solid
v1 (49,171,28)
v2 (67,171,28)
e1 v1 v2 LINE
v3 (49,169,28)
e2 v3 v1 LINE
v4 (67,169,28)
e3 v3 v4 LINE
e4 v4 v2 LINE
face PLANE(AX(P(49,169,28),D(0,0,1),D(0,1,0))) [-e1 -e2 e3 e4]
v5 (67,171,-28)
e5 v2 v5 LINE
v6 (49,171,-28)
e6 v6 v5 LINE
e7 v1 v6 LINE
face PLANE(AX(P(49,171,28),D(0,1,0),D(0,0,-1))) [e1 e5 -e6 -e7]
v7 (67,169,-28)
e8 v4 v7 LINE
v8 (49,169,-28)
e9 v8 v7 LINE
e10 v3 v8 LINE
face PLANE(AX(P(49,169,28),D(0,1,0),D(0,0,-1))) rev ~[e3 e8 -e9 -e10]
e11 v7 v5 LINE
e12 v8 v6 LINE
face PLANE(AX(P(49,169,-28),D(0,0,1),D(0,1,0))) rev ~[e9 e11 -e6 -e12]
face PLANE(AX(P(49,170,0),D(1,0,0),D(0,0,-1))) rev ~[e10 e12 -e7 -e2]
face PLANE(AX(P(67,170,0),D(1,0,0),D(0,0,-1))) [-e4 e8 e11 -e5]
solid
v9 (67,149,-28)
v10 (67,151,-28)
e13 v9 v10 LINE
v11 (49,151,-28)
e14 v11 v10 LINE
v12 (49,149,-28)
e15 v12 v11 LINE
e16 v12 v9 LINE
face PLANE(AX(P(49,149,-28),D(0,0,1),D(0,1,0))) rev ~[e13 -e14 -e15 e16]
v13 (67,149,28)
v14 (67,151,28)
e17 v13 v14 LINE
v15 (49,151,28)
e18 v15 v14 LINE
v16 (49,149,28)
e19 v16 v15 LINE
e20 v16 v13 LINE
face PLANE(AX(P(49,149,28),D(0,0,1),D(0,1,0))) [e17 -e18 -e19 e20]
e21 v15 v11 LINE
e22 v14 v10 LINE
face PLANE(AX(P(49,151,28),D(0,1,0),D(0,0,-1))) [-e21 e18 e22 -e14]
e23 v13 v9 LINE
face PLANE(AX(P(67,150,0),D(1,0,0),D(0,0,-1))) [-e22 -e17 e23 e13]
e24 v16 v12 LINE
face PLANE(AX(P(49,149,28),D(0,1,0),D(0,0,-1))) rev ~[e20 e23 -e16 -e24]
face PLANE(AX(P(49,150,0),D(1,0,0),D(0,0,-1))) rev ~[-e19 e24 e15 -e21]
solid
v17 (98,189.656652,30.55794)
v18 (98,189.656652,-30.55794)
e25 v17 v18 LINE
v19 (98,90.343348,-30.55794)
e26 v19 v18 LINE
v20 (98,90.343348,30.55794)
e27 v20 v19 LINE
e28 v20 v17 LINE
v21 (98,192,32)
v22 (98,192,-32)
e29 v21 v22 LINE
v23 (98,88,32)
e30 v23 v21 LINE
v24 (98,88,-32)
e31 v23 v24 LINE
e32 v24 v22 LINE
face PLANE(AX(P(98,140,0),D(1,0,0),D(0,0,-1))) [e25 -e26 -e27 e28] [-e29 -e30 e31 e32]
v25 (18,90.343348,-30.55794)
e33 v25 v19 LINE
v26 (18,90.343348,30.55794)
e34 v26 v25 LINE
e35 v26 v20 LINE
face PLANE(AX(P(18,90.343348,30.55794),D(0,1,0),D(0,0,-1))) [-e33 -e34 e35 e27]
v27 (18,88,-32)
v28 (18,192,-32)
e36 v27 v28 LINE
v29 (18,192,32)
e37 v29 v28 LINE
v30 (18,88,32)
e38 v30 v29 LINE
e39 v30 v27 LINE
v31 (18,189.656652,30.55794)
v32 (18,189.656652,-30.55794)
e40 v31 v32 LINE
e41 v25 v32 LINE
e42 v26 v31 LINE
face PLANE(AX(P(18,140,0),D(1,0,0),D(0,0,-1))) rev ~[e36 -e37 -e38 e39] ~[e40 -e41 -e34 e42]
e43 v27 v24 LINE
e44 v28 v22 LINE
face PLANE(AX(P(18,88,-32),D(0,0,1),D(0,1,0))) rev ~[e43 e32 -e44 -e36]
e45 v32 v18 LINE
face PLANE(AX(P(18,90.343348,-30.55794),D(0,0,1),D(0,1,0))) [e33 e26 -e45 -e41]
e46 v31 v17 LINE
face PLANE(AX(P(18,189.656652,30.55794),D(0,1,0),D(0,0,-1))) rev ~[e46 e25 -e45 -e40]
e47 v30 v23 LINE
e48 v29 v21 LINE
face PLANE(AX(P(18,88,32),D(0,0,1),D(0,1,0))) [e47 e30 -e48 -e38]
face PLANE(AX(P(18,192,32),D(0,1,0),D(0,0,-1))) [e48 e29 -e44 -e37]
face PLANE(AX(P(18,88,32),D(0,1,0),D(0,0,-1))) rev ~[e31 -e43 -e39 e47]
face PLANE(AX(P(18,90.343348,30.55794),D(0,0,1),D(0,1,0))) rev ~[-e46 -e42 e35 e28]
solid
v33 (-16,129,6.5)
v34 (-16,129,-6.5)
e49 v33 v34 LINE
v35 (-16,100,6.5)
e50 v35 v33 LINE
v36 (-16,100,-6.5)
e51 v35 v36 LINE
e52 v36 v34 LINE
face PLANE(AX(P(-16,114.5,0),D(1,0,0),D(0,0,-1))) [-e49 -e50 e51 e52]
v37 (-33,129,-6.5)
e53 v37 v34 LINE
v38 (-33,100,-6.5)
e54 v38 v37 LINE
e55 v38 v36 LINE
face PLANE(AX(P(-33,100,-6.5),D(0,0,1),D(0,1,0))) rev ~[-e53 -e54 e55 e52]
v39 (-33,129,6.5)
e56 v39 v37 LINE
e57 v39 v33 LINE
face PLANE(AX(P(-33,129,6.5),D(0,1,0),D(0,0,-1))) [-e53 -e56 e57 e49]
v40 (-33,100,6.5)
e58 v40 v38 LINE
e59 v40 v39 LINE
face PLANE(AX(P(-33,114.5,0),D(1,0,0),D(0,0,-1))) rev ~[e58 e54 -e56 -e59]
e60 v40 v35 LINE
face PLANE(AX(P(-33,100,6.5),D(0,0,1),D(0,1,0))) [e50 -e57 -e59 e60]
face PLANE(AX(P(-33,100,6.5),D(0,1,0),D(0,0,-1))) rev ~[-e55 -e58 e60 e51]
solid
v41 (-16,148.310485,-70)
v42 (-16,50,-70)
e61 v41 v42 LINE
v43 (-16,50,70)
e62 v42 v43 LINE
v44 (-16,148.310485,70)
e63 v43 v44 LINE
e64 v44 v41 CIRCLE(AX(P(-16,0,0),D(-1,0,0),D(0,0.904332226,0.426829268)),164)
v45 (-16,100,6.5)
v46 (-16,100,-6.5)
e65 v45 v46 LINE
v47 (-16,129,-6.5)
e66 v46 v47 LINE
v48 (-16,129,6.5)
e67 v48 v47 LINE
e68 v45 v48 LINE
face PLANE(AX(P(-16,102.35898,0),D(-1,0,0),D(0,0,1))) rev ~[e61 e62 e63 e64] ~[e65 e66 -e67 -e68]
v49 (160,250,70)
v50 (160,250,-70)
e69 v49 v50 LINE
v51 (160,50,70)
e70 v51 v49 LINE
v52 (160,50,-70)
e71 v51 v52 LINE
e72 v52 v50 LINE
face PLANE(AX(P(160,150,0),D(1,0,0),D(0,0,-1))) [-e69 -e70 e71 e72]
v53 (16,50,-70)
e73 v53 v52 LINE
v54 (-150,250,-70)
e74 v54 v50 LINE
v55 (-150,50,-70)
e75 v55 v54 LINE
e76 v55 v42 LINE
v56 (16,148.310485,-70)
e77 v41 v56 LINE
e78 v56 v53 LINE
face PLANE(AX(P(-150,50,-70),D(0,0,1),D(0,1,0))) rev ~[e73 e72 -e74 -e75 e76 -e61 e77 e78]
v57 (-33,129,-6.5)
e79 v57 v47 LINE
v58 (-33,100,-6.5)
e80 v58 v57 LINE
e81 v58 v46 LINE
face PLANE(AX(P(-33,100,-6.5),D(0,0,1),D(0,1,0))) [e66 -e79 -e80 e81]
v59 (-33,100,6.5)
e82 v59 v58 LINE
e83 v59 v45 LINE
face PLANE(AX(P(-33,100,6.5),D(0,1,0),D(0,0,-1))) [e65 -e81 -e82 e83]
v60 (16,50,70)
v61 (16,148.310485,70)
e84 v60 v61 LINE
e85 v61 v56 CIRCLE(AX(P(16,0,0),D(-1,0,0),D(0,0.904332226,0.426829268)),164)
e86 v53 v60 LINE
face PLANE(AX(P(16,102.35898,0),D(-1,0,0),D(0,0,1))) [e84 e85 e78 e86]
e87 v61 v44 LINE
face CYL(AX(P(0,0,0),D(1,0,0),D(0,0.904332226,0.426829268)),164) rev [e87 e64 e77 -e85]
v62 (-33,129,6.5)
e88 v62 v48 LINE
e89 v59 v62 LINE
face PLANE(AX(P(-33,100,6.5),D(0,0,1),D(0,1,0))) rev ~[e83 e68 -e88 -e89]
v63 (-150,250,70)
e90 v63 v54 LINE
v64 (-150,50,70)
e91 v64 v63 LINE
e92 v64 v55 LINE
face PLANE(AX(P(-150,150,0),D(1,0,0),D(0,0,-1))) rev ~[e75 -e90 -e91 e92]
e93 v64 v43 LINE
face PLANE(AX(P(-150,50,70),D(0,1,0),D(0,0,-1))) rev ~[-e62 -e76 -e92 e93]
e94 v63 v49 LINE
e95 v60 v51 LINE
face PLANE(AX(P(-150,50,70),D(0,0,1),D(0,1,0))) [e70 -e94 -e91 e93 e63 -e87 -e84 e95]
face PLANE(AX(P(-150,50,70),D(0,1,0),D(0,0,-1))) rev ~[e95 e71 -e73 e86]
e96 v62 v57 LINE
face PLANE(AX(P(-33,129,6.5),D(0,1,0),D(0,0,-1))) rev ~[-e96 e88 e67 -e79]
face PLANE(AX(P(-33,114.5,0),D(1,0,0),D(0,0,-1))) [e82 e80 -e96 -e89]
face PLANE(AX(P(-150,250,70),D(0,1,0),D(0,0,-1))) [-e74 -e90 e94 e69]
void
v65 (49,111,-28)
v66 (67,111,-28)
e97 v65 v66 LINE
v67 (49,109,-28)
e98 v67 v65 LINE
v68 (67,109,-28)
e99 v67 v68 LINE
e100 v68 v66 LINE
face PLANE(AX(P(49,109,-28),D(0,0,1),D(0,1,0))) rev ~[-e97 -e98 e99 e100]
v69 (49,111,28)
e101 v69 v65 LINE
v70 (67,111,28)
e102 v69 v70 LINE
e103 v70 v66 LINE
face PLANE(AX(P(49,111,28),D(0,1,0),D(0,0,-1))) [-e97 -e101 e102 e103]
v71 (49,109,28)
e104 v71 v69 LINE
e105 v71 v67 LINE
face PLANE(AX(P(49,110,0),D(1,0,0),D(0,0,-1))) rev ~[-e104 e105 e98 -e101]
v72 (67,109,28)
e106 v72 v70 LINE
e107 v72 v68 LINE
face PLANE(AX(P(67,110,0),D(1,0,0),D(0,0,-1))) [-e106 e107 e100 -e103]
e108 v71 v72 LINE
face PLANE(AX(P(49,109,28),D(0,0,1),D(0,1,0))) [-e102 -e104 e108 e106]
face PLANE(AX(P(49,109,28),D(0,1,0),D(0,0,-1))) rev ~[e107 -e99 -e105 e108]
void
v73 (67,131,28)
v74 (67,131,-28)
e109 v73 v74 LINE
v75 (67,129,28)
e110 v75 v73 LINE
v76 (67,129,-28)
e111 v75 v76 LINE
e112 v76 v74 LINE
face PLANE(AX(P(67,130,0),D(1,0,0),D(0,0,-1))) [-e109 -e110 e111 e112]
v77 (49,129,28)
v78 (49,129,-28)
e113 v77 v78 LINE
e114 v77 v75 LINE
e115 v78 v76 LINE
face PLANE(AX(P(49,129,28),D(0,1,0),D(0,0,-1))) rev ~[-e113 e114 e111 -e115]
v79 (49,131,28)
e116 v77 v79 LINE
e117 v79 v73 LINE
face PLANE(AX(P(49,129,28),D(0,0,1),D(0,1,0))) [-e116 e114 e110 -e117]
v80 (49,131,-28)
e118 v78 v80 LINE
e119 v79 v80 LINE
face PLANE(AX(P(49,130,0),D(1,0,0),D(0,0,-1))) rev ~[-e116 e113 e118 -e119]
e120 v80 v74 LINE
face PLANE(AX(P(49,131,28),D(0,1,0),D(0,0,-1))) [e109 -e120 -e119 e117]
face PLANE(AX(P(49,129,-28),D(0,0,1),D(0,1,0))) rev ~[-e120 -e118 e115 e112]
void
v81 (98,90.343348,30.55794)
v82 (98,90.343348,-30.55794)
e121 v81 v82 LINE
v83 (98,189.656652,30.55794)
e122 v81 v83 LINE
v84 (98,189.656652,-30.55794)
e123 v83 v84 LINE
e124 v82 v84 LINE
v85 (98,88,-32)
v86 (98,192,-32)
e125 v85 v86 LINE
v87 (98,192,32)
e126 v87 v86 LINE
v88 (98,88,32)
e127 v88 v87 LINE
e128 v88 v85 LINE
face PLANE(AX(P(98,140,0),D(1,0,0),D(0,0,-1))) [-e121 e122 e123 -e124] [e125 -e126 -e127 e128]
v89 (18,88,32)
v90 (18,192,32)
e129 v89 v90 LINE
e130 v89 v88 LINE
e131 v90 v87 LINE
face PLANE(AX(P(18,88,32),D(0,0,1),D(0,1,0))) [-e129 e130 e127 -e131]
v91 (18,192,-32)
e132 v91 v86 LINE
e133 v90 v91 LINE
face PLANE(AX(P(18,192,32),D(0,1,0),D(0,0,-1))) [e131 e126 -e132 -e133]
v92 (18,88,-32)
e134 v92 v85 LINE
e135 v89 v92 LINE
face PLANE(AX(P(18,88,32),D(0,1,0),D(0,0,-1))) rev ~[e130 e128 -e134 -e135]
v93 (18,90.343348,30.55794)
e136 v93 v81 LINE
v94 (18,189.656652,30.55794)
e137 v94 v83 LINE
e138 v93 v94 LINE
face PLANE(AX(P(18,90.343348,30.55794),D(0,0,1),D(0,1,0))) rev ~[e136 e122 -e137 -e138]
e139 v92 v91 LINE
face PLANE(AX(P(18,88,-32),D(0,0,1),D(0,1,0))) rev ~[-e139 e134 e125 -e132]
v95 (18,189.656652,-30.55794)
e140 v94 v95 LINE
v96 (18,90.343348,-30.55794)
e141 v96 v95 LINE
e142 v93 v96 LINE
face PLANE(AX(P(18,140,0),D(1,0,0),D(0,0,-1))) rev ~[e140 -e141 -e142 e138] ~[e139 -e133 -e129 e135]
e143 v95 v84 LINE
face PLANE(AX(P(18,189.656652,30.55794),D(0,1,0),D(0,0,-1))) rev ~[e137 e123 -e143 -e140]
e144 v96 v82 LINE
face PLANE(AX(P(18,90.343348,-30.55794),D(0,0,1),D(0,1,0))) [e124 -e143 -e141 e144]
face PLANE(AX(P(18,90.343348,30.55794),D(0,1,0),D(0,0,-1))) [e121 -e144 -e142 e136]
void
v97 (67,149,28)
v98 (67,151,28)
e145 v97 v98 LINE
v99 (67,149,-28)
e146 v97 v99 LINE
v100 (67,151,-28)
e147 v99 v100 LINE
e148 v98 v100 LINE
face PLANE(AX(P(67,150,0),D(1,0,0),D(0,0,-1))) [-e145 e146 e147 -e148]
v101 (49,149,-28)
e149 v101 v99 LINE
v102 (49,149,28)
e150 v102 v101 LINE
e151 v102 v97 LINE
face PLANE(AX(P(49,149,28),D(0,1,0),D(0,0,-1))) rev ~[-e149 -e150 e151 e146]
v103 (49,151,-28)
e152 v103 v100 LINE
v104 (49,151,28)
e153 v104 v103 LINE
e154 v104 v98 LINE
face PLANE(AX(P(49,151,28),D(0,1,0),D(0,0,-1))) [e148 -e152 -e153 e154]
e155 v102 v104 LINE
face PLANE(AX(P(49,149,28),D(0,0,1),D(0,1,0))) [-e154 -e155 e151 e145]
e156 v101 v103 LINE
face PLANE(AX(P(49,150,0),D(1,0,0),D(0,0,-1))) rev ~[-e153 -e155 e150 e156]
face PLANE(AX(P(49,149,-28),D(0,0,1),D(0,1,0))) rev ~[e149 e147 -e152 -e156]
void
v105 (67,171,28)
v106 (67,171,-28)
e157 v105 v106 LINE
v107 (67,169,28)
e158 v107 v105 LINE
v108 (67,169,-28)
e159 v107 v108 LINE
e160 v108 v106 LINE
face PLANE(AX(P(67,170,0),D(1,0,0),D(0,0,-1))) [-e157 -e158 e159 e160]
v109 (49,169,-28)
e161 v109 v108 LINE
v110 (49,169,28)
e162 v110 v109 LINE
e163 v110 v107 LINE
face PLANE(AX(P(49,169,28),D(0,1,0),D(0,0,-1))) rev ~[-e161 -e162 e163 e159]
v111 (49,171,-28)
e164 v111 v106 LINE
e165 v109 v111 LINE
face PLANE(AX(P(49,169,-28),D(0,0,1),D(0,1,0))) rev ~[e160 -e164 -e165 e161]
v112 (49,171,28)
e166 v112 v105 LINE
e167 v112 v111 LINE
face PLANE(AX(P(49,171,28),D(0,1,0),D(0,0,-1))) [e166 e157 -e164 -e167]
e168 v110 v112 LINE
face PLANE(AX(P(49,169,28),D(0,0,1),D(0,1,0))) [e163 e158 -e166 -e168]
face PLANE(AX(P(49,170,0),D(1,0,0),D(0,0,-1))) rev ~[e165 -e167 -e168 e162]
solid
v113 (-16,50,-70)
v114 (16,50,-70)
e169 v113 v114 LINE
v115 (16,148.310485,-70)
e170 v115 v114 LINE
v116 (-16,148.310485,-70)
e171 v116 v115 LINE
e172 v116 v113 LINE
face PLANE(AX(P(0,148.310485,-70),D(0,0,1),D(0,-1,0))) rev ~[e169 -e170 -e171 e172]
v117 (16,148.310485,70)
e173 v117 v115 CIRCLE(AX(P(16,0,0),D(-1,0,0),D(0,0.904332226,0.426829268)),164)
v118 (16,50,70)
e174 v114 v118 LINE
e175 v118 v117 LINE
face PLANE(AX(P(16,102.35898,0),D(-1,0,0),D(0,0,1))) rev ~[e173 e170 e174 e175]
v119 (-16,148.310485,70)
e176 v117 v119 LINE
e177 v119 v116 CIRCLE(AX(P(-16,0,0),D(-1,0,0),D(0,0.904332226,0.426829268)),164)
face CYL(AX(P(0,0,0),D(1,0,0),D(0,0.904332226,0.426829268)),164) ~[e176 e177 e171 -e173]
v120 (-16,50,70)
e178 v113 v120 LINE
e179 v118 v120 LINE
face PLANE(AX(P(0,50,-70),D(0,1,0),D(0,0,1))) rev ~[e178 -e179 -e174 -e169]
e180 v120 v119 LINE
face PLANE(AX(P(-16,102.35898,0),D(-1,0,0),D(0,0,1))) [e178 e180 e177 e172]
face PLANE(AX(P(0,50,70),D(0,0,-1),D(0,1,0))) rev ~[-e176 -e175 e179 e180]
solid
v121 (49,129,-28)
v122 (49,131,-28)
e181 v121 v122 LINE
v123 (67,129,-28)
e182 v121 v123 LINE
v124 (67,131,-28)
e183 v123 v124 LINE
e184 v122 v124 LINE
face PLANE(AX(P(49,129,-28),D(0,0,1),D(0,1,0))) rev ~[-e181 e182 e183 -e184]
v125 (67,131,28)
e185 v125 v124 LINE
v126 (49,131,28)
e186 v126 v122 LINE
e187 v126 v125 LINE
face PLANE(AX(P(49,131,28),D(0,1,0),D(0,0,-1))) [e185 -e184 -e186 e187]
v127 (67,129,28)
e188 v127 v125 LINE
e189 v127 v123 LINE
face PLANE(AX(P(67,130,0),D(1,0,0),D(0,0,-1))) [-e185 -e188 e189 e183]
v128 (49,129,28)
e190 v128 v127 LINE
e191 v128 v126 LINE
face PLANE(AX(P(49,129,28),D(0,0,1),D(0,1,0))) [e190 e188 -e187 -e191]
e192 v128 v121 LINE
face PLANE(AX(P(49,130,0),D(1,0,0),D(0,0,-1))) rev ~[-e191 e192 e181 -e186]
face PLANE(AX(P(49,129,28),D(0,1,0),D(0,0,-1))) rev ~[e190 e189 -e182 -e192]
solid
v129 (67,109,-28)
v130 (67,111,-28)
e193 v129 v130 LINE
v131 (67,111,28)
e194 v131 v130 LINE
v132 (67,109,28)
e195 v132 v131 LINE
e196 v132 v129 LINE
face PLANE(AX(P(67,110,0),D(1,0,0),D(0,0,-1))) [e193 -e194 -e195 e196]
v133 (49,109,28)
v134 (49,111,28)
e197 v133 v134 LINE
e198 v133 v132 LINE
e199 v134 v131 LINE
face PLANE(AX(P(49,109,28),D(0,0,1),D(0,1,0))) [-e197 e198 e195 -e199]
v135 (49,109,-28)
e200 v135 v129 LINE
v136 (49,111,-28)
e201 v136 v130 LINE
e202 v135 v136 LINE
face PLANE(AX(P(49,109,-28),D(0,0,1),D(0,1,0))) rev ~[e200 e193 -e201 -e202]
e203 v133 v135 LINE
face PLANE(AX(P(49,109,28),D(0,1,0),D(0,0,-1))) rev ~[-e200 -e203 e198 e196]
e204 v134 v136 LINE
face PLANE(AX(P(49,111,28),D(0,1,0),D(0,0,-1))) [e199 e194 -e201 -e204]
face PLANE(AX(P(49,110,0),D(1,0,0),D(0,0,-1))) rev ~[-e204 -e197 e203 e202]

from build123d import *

# Parameters (mm, degrees)
FLUID_BOX_START    = -150
SKETCH1_W          = 140
SKETCH1_H          = 200
FLUID_BOX_DEPTH    = 310
ROTOR_TOOL_DEPTH   = 16
DUCT_TOOL_START    = 18
SKETCH3_W          = 64
SKETCH3_H          = 104
SKETCH3_W_2        = 61.115879828
SKETCH3_H_2        = 99.313304722
DUCT_TOOL_DEPTH    = 80
LOUVER1_TOOL_START = 49
SKETCH4_W          = 56
SKETCH4_H          = 2
LOUVER1_TOOL_DEPTH = 18
LOUVER2_TOOL_START = 49
SKETCH5_W          = 56
SKETCH5_H          = 2
LOUVER2_TOOL_DEPTH = 18
LOUVER3_TOOL_START = 49
SKETCH6_W          = 56
SKETCH6_H          = 2
LOUVER3_TOOL_DEPTH = 18
LOUVER4_TOOL_START = 49
SKETCH7_W          = 56
SKETCH7_H          = 2
LOUVER4_TOOL_DEPTH = 18
POCKET_TOOL_START  = -33
SKETCH8_W          = 13
SKETCH8_H          = 29
POCKET_TOOL_DEPTH  = 17
ROTOR_KEEP_DEPTH   = 16
DUCT_KEEP_START    = 18
SKETCH10_W         = 64
SKETCH10_H         = 104
SKETCH10_W_2       = 61.115879828
SKETCH10_H_2       = 99.313304722
DUCT_KEEP_DEPTH    = 80
LOUVER1_KEEP_START = 49
SKETCH11_W         = 56
SKETCH11_H         = 2
LOUVER1_KEEP_DEPTH = 18
LOUVER2_KEEP_START = 49
SKETCH12_W         = 56
SKETCH12_H         = 2
LOUVER2_KEEP_DEPTH = 18
LOUVER3_KEEP_START = 49
SKETCH13_W         = 56
SKETCH13_H         = 2
LOUVER3_KEEP_DEPTH = 18
LOUVER4_KEEP_START = 49
SKETCH14_W         = 56
SKETCH14_H         = 2
LOUVER4_KEEP_DEPTH = 18
POCKET_KEEP_START  = -33
SKETCH15_W         = 13
SKETCH15_H         = 29
POCKET_KEEP_DEPTH  = 17


with BuildPart() as part:
    # Sketch1 → fluid_box (new body)
    with BuildSketch(Plane(origin=(0, 0, 0), x_dir=(0, 0, -1), z_dir=(1, 0, 0)).offset(FLUID_BOX_START)):
        with Locations((0, 150)):
            Rectangle(SKETCH1_W, SKETCH1_H)
    extrude(amount=FLUID_BOX_DEPTH)


with BuildPart() as body_2:
    # Sketch2 → rotor_tool (new, symmetric)
    with BuildSketch(Plane(origin=(0, 0, 0), x_dir=(0, 0, -1), z_dir=(1, 0, 0))):
        with BuildLine():
            Line((70, 50), (-70, 50))
            Line((-70, 50), (-70, 148.310485132))
            ThreePointArc((-70, 148.310485132), (0, 164), (70, 148.310485132))
            Line((70, 148.310485132), (70, 50))
        make_face()
    extrude(amount=ROTOR_TOOL_DEPTH, both=True)


with BuildPart() as body_3:
    # Sketch3 → duct_tool (new body)
    with BuildSketch(Plane(origin=(0, 0, 0), x_dir=(0, 0, -1), z_dir=(1, 0, 0)).offset(DUCT_TOOL_START)):
        with Locations((0, 140)):
            Rectangle(SKETCH3_W, SKETCH3_H)
        with Locations((0, 140)):
            Rectangle(SKETCH3_W_2, SKETCH3_H_2, mode=Mode.SUBTRACT)
    extrude(amount=DUCT_TOOL_DEPTH)


with BuildPart() as body_4:
    # Sketch4 → louver1_tool (new body)
    with BuildSketch(Plane(origin=(0, 0, 0), x_dir=(0, 0, -1), z_dir=(1, 0, 0)).offset(LOUVER1_TOOL_START)):
        with Locations((0, 110)):
            Rectangle(SKETCH4_W, SKETCH4_H)
    extrude(amount=LOUVER1_TOOL_DEPTH)


with BuildPart() as body_5:
    # Sketch5 → louver2_tool (new body)
    with BuildSketch(Plane(origin=(0, 0, 0), x_dir=(0, 0, -1), z_dir=(1, 0, 0)).offset(LOUVER2_TOOL_START)):
        with Locations((0, 130)):
            Rectangle(SKETCH5_W, SKETCH5_H)
    extrude(amount=LOUVER2_TOOL_DEPTH)


with BuildPart() as body_6:
    # Sketch6 → louver3_tool (new body)
    with BuildSketch(Plane(origin=(0, 0, 0), x_dir=(0, 0, -1), z_dir=(1, 0, 0)).offset(LOUVER3_TOOL_START)):
        with Locations((0, 150)):
            Rectangle(SKETCH6_W, SKETCH6_H)
    extrude(amount=LOUVER3_TOOL_DEPTH)


with BuildPart() as body_7:
    # Sketch7 → louver4_tool (new body)
    with BuildSketch(Plane(origin=(0, 0, 0), x_dir=(0, 0, -1), z_dir=(1, 0, 0)).offset(LOUVER4_TOOL_START)):
        with Locations((0, 170)):
            Rectangle(SKETCH7_W, SKETCH7_H)
    extrude(amount=LOUVER4_TOOL_DEPTH)


with BuildPart() as body_8:
    # Sketch8 → pocket_tool (new body)
    with BuildSketch(Plane(origin=(0, 0, 0), x_dir=(0, 0, -1), z_dir=(1, 0, 0)).offset(POCKET_TOOL_START)):
        with Locations((0, 114.5)):
            Rectangle(SKETCH8_W, SKETCH8_H)
    extrude(amount=POCKET_TOOL_DEPTH)


with BuildPart() as part_1:
    add(part.part)

    # Combine1: cut body 5, body 3, body 7, body 6, body 8, body 2, body 4
    add(body_5.part, mode=Mode.SUBTRACT)
    add(body_3.part, mode=Mode.SUBTRACT)
    add(body_7.part, mode=Mode.SUBTRACT)
    add(body_6.part, mode=Mode.SUBTRACT)
    add(body_8.part, mode=Mode.SUBTRACT)
    add(body_2.part, mode=Mode.SUBTRACT)
    add(body_4.part, mode=Mode.SUBTRACT)


with BuildPart() as body_2_2:
    # Sketch9 → rotor_keep (new, symmetric)
    with BuildSketch(Plane(origin=(0, 0, 0), x_dir=(0, 0, -1), z_dir=(1, 0, 0))):
        with BuildLine():
            Line((70, 50), (-70, 50))
            Line((-70, 50), (-70, 148.310485132))
            ThreePointArc((-70, 148.310485132), (0, 164), (70, 148.310485132))
            Line((70, 148.310485132), (70, 50))
        make_face()
    extrude(amount=ROTOR_KEEP_DEPTH, both=True)


with BuildPart() as body_3_2:
    # Sketch10 → duct_keep (new body)
    with BuildSketch(Plane(origin=(0, 0, 0), x_dir=(0, 0, -1), z_dir=(1, 0, 0)).offset(DUCT_KEEP_START)):
        with Locations((0, 140)):
            Rectangle(SKETCH10_W, SKETCH10_H)
        with Locations((0, 140)):
            Rectangle(SKETCH10_W_2, SKETCH10_H_2, mode=Mode.SUBTRACT)
    extrude(amount=DUCT_KEEP_DEPTH)


with BuildPart() as body_4_2:
    # Sketch11 → louver1_keep (new body)
    with BuildSketch(Plane(origin=(0, 0, 0), x_dir=(0, 0, -1), z_dir=(1, 0, 0)).offset(LOUVER1_KEEP_START)):
        with Locations((0, 110)):
            Rectangle(SKETCH11_W, SKETCH11_H)
    extrude(amount=LOUVER1_KEEP_DEPTH)


with BuildPart() as body_5_2:
    # Sketch12 → louver2_keep (new body)
    with BuildSketch(Plane(origin=(0, 0, 0), x_dir=(0, 0, -1), z_dir=(1, 0, 0)).offset(LOUVER2_KEEP_START)):
        with Locations((0, 130)):
            Rectangle(SKETCH12_W, SKETCH12_H)
    extrude(amount=LOUVER2_KEEP_DEPTH)


with BuildPart() as body_6_2:
    # Sketch13 → louver3_keep (new body)
    with BuildSketch(Plane(origin=(0, 0, 0), x_dir=(0, 0, -1), z_dir=(1, 0, 0)).offset(LOUVER3_KEEP_START)):
        with Locations((0, 150)):
            Rectangle(SKETCH13_W, SKETCH13_H)
    extrude(amount=LOUVER3_KEEP_DEPTH)


with BuildPart() as body_7_2:
    # Sketch14 → louver4_keep (new body)
    with BuildSketch(Plane(origin=(0, 0, 0), x_dir=(0, 0, -1), z_dir=(1, 0, 0)).offset(LOUVER4_KEEP_START)):
        with Locations((0, 170)):
            Rectangle(SKETCH14_W, SKETCH14_H)
    extrude(amount=LOUVER4_KEEP_DEPTH)


with BuildPart() as body_8_2:
    # Sketch15 → pocket_keep (new body)
    with BuildSketch(Plane(origin=(0, 0, 0), x_dir=(0, 0, -1), z_dir=(1, 0, 0)).offset(POCKET_KEEP_START)):
        with Locations((0, 114.5)):
            Rectangle(SKETCH15_W, SKETCH15_H)
    extrude(amount=POCKET_KEEP_DEPTH)


solid = Compound([part_1.part, body_2_2.part, body_3_2.part, body_4_2.part, body_5_2.part, body_6_2.part, body_7_2.part, body_8_2.part])
